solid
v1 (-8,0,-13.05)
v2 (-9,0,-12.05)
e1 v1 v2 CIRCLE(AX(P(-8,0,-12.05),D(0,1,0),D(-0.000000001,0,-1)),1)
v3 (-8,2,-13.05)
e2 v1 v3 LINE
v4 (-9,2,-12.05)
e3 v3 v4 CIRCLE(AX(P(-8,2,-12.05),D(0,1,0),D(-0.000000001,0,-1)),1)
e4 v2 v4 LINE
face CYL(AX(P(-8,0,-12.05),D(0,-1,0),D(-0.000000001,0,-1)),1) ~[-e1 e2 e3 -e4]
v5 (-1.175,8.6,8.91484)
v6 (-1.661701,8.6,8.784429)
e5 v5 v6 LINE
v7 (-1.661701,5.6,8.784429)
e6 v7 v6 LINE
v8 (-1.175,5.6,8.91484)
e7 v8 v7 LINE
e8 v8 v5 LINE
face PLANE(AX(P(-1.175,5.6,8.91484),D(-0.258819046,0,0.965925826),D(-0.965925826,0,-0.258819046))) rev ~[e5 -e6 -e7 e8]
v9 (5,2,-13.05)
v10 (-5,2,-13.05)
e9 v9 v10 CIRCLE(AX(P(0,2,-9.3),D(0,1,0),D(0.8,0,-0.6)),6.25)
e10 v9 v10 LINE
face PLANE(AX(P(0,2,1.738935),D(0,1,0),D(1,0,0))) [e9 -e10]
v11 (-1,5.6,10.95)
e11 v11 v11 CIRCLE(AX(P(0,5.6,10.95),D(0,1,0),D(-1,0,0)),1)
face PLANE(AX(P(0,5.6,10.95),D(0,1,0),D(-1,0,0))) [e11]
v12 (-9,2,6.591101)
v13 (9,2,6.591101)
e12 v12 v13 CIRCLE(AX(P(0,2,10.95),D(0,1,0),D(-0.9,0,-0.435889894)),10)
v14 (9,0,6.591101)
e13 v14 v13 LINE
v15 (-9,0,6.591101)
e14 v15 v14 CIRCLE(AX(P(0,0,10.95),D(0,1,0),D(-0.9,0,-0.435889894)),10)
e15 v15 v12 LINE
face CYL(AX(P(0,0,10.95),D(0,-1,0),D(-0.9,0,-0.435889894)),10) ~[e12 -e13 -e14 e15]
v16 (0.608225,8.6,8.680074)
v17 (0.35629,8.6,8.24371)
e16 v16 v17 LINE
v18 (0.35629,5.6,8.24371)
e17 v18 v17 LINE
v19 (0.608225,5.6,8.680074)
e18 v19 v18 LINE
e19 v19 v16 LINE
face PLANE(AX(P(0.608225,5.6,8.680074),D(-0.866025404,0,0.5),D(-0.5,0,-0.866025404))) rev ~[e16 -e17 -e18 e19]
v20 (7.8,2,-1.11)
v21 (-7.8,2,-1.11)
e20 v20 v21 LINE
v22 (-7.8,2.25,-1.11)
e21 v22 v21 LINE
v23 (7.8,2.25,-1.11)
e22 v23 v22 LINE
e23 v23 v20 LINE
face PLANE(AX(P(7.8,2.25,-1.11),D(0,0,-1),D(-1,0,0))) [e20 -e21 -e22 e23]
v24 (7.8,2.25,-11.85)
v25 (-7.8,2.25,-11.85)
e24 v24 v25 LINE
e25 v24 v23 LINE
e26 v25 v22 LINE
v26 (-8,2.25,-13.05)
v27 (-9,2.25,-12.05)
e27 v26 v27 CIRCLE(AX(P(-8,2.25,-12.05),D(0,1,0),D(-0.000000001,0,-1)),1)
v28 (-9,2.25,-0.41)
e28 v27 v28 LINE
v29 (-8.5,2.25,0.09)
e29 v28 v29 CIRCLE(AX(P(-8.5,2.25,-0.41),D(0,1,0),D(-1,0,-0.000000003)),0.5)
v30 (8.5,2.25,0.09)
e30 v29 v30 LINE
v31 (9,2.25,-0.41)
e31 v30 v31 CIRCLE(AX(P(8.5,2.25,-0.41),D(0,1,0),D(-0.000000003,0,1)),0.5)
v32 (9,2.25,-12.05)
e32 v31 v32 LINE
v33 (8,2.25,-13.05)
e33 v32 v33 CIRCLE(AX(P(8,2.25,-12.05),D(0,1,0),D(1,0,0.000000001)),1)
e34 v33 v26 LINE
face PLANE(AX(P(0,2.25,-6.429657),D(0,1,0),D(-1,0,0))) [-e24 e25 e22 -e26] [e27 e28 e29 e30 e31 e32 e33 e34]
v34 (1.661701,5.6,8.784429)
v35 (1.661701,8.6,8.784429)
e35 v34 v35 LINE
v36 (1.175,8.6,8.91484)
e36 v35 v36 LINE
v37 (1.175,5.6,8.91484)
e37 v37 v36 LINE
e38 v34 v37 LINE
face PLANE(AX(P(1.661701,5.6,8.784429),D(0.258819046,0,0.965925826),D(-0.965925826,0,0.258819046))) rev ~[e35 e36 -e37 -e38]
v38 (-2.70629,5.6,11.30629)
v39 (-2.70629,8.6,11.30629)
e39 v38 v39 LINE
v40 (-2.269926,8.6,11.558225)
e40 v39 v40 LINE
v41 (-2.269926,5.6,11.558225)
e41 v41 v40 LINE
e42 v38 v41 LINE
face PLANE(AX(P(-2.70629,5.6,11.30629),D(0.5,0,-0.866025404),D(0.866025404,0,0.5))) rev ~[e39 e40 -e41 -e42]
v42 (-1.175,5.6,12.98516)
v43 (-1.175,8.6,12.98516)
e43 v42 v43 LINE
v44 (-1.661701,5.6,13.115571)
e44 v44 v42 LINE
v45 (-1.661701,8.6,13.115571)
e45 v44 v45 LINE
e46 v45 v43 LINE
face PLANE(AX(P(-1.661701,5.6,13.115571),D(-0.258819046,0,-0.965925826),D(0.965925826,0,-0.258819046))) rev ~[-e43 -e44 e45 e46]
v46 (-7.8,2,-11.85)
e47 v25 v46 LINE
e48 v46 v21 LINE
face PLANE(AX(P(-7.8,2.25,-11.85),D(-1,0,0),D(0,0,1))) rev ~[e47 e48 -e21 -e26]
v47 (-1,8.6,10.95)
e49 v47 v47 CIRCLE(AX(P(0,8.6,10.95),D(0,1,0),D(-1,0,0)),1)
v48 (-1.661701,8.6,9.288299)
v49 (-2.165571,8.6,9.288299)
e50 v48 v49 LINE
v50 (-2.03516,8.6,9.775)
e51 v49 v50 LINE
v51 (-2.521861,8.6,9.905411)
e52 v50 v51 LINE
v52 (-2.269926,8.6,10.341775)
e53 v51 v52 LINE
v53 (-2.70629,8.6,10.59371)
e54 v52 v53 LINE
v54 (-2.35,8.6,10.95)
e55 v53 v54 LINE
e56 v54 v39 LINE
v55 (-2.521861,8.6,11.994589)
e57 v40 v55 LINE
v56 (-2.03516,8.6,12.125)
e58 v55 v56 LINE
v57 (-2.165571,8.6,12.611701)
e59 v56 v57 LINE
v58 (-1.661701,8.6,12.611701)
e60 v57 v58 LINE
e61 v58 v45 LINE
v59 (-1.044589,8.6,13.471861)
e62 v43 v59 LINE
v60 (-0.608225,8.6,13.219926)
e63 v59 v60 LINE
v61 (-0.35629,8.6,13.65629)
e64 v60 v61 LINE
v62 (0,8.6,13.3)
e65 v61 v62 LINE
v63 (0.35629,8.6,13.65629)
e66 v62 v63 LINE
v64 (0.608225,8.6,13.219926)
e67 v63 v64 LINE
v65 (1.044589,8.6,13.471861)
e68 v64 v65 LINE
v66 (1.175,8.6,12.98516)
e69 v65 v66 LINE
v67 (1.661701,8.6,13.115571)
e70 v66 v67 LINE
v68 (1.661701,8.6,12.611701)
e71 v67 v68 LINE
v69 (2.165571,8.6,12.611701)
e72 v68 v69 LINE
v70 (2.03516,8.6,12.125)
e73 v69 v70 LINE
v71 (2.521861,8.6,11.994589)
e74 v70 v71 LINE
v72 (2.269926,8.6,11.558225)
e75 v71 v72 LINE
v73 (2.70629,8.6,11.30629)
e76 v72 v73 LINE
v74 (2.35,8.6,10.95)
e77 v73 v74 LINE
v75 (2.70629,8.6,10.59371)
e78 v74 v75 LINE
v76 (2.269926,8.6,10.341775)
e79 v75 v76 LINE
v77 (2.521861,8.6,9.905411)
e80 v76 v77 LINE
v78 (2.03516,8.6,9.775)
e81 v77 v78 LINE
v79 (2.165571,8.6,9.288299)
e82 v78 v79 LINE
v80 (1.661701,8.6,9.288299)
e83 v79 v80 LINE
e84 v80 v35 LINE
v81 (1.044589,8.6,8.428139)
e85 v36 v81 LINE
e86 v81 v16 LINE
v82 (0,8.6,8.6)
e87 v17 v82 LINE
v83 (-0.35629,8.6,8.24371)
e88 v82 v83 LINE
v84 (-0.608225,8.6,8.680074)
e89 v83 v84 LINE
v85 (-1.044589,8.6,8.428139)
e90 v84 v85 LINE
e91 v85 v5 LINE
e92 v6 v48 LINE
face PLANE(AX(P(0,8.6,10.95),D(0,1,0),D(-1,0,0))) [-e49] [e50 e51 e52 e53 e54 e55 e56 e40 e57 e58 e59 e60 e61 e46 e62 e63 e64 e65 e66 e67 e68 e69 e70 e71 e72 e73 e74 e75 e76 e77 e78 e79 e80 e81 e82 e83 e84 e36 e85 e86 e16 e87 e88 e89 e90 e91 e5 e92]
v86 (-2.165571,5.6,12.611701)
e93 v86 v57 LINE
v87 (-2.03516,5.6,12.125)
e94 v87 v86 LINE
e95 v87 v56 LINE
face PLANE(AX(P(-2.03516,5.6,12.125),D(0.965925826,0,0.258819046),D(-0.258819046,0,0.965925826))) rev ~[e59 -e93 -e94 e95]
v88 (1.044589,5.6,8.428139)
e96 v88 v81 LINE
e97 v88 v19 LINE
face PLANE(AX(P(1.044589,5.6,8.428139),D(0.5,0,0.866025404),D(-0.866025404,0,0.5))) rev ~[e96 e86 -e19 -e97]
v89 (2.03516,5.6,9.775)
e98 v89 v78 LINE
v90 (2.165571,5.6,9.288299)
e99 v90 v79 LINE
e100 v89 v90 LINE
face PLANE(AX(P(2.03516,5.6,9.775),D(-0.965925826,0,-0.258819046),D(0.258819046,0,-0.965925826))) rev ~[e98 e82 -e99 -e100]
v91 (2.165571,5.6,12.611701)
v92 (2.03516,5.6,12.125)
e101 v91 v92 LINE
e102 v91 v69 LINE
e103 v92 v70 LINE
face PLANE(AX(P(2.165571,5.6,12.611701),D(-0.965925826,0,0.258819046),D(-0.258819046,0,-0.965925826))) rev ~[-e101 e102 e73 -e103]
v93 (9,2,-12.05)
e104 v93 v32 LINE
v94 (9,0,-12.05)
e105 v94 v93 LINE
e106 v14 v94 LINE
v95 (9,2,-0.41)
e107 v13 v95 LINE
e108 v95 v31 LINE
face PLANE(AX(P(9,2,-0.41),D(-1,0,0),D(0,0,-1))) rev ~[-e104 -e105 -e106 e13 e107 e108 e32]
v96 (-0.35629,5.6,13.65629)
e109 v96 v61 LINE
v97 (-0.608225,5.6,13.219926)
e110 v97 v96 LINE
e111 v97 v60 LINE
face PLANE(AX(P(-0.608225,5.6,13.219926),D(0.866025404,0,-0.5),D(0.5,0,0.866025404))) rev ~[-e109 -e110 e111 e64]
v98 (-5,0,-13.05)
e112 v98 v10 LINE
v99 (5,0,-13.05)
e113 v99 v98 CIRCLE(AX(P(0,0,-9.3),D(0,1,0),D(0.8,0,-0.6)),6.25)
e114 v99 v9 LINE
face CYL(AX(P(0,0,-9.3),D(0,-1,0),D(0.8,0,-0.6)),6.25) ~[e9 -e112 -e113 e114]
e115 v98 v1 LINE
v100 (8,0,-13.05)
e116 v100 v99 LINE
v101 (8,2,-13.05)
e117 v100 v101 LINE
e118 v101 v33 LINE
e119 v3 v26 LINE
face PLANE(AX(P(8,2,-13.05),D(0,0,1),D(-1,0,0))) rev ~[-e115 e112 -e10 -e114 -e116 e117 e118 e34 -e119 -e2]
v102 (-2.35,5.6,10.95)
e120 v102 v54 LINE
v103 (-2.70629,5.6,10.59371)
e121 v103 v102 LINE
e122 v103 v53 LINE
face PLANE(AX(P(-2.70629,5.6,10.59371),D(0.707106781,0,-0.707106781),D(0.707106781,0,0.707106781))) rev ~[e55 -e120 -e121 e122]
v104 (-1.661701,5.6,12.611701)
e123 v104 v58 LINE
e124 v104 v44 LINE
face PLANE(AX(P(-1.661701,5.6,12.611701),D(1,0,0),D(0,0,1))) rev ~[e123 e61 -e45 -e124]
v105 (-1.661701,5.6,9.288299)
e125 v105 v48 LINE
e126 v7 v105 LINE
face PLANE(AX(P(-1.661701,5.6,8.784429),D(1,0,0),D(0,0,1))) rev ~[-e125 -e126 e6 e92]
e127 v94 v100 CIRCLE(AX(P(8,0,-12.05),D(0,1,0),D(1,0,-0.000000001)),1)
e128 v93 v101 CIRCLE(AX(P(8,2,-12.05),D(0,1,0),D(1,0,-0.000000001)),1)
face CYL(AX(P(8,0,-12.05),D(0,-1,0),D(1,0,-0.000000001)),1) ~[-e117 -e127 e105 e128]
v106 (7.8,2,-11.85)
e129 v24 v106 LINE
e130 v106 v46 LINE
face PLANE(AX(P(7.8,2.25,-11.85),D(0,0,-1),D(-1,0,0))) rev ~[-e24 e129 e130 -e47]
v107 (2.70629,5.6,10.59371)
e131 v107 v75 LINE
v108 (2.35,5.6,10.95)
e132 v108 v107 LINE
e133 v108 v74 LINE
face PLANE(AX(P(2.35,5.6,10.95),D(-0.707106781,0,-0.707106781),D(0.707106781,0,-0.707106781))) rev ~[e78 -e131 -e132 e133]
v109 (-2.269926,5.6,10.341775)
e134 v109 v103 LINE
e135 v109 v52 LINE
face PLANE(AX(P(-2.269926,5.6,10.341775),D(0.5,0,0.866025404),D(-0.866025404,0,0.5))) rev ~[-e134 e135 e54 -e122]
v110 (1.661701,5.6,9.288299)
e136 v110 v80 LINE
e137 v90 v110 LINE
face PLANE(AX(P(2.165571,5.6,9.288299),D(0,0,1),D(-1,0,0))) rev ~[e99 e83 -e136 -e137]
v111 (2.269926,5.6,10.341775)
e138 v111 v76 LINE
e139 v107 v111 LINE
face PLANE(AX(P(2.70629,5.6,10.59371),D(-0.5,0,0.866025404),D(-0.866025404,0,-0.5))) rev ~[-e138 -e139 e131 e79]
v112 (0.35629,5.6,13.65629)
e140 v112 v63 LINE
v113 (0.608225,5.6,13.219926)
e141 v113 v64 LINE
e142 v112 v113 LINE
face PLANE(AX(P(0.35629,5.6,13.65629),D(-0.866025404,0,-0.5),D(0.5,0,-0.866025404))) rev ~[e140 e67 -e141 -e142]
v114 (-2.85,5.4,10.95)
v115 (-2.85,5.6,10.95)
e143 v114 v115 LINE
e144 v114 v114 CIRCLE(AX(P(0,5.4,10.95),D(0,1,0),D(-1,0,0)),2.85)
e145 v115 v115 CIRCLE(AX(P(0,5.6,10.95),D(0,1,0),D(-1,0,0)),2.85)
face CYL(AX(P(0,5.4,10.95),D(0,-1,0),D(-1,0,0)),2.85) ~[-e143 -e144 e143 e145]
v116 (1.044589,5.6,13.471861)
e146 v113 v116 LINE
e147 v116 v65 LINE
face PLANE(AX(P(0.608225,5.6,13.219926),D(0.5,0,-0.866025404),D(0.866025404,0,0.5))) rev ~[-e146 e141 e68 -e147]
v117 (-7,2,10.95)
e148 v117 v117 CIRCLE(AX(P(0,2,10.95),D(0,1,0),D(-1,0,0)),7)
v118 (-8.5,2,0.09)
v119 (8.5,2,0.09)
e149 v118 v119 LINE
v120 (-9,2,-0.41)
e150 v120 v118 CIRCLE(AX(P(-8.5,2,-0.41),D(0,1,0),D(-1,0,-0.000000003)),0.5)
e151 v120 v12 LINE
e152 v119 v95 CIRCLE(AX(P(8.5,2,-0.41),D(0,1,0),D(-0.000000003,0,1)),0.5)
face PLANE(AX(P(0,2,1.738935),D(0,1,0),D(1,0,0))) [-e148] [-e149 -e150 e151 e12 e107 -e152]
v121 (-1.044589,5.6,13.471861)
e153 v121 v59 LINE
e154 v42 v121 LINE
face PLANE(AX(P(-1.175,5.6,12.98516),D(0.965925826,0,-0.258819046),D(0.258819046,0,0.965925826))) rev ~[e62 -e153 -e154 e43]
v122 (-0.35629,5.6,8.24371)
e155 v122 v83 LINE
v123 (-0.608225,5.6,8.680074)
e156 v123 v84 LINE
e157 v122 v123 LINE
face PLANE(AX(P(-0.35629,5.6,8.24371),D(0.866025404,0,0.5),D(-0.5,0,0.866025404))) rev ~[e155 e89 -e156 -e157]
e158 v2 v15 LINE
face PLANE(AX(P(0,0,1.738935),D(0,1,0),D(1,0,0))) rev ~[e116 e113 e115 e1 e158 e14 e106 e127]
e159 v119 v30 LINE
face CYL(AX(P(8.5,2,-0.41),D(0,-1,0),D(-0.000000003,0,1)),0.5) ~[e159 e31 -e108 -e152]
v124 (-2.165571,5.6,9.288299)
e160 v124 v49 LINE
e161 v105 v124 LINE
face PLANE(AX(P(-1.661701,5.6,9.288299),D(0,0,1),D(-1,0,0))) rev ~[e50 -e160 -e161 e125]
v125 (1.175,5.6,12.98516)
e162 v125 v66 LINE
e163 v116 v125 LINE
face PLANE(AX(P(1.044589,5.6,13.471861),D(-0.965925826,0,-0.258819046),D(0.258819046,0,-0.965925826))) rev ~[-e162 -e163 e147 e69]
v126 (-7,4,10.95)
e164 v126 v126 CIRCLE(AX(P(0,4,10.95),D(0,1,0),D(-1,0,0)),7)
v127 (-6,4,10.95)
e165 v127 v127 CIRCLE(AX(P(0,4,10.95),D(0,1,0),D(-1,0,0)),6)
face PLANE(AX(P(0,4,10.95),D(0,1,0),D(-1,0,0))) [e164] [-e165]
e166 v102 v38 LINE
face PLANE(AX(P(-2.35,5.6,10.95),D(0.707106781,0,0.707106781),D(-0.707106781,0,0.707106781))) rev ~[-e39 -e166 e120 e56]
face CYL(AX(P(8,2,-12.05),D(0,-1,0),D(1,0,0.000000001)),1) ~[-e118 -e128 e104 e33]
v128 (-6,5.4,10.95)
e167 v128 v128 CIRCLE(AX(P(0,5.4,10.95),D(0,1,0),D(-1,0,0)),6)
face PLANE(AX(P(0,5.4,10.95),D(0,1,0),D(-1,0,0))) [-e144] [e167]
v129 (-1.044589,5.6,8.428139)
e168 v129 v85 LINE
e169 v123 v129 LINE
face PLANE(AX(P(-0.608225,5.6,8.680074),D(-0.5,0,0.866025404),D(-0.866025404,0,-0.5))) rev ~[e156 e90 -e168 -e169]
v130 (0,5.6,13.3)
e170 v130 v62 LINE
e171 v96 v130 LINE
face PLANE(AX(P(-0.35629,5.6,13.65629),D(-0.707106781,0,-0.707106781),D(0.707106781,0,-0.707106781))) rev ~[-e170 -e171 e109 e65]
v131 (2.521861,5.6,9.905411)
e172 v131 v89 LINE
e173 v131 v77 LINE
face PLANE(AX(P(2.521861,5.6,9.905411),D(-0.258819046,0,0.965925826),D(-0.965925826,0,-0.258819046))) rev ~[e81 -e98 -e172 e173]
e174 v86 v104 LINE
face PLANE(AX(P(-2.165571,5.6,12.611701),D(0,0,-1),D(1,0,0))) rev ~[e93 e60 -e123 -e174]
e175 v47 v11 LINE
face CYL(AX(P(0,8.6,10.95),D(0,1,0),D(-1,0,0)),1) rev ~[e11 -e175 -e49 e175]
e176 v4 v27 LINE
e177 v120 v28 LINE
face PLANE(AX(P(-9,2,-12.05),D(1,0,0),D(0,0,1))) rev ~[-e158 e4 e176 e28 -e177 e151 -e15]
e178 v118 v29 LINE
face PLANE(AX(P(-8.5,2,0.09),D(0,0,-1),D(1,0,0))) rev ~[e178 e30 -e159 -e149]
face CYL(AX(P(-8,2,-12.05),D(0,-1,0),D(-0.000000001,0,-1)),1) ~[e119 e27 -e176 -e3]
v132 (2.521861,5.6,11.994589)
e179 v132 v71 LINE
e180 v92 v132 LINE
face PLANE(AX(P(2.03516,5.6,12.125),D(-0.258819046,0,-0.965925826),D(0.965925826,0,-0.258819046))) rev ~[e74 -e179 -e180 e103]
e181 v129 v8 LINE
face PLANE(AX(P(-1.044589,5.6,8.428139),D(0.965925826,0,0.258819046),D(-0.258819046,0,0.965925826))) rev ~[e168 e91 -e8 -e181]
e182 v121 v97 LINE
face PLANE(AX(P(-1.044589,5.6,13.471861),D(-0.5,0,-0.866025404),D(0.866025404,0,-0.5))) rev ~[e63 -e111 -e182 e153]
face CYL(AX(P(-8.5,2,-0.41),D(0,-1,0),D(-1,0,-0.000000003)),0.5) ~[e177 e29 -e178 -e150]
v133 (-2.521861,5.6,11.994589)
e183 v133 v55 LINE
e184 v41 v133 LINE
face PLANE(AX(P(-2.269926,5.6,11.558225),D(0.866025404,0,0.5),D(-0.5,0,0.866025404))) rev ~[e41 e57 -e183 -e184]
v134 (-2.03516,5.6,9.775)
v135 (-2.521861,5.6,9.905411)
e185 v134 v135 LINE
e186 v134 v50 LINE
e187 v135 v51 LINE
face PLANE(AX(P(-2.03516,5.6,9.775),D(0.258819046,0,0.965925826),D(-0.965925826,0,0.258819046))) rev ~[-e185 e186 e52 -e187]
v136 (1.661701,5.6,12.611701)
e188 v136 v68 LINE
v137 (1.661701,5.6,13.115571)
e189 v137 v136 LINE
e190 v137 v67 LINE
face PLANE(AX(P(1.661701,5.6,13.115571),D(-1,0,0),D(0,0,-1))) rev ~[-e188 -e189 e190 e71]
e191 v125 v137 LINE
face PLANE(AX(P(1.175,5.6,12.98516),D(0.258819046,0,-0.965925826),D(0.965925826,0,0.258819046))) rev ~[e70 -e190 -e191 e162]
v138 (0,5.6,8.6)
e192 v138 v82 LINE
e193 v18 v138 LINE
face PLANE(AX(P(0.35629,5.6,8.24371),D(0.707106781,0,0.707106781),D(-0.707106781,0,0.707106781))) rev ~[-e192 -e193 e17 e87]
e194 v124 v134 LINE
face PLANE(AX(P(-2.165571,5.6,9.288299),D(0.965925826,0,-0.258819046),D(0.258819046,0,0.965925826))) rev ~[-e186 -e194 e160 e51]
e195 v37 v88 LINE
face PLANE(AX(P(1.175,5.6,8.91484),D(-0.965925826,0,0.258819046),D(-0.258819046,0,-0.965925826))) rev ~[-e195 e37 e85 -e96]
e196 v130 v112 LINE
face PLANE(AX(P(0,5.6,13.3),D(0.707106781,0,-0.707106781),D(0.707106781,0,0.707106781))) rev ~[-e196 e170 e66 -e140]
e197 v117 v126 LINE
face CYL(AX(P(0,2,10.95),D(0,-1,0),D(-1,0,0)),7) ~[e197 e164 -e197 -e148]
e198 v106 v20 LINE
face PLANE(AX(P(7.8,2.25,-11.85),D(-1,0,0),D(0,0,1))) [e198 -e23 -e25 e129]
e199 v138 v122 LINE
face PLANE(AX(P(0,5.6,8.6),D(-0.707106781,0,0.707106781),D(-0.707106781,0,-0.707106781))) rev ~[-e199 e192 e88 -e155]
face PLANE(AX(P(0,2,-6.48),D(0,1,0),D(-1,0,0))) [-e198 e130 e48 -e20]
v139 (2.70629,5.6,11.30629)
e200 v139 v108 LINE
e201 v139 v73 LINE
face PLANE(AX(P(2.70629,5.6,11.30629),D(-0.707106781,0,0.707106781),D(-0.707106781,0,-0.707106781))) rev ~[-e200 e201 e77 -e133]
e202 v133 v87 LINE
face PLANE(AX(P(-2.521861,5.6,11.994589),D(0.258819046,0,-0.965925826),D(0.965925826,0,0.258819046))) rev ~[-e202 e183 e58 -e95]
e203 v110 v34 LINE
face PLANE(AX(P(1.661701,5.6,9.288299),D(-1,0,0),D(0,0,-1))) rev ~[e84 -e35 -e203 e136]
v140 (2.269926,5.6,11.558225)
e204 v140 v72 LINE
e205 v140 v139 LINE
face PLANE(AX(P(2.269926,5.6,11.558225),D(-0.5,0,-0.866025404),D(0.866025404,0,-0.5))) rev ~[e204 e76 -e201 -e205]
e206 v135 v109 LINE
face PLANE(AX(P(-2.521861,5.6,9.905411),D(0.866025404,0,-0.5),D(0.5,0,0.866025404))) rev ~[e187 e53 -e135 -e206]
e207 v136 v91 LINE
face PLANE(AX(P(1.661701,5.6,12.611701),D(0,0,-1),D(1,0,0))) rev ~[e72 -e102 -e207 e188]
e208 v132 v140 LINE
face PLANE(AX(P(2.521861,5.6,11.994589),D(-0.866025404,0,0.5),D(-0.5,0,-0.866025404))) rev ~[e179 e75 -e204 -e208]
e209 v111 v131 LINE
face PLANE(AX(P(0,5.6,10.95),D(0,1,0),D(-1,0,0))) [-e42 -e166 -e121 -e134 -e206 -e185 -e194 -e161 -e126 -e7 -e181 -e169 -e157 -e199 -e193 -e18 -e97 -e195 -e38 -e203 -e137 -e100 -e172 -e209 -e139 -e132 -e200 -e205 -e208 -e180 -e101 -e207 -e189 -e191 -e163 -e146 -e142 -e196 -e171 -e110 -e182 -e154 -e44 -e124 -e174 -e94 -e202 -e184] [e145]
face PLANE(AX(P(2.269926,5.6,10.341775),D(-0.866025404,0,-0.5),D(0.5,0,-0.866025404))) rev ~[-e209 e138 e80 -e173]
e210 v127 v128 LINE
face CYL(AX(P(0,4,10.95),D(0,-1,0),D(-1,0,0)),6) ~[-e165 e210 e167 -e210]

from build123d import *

# Parameters (mm, degrees)
BOSS_EXTRUDE1_DEPTH = 2
BOSS_EXTRUDE2_DEPTH = 0.25
SKETCH3_W           = 15.6
SKETCH3_H           = 10.74
CUT_EXTRUDE1_DEPTH  = 0.25
SKETCH4_R           = 7
BOSS_EXTRUDE3_DEPTH = 2
SKETCH5_R           = 6
BOSS_EXTRUDE4_DEPTH = 1.4
SKETCH6_R           = 2.85
BOSS_EXTRUDE5_DEPTH = 0.2
BOSS_EXTRUDE6_DEPTH = 3
SKETCH10_R          = 1
CUT_EXTRUDE4_DEPTH  = 3


with BuildPart() as part:
    # Sketch1 → Boss-Extrude1 (new body)
    with BuildSketch(Plane(origin=(0, 0, 0), x_dir=(1, 0, 0), z_dir=(0, 1, 0))):
        with BuildLine():
            ThreePointArc((5, 13.05), (0, 15.55), (-5, 13.05))
            Line((-5, 13.05), (-8, 13.05))
            ThreePointArc((-8, 13.05), (-8.70710678, 12.757106782), (-9, 12.050000002))
            Line((-9, 12.050000002), (-9, -6.591101056))
            ThreePointArc((-9, -6.591101056), (0, -20.95), (9, -6.591101056))
            Line((9, -6.591101056), (9, 12.05))
            ThreePointArc((9, 12.05), (8.707106781, 12.757106781), (8, 13.05))
            Line((8, 13.05), (5, 13.05))
        make_face()
    extrude(amount=BOSS_EXTRUDE1_DEPTH)

    # Sketch2 → Boss-Extrude2 (add)
    with BuildSketch(Plane(origin=(0, 2, 0), x_dir=(-1, 0, 0), z_dir=(0, 1, 0))):
        with BuildLine():
            Line((-8.000000002, -13.05), (8, -13.05))
            ThreePointArc((8, -13.05), (8.707106781, -12.757106781), (9, -12.05))
            Line((9, -12.05), (9, -0.41))
            ThreePointArc((9, -0.41), (8.853553391, -0.056446609), (8.5, 0.09))
            Line((8.5, 0.09), (-8.5, 0.09))
            ThreePointArc((-8.5, 0.09), (-8.853553391, -0.056446609), (-9, -0.41))
            Line((-9, -0.41), (-9, -12.05))
            ThreePointArc((-9, -12.05), (-8.707106782, -12.757106781), (-8.000000002, -13.05))
        make_face()
    extrude(amount=BOSS_EXTRUDE2_DEPTH)

    # Sketch3 → Cut-Extrude1 (cut)
    with BuildSketch(Plane(origin=(0, 2.25, 0), x_dir=(-1, 0, 0), z_dir=(0, 1, 0))):
        with Locations((0, -6.48)):
            Rectangle(SKETCH3_W, SKETCH3_H)
    extrude(amount=-CUT_EXTRUDE1_DEPTH, mode=Mode.SUBTRACT)

    # Sketch4 → Boss-Extrude3 (add)
    with BuildSketch(Plane(origin=(0, 2, 0), x_dir=(-1, 0, 0), z_dir=(0, 1, 0))):
        with Locations((0, 10.95)):
            Circle(SKETCH4_R)
    extrude(amount=BOSS_EXTRUDE3_DEPTH)

    # Sketch5 → Boss-Extrude4 (add)
    with BuildSketch(Plane(origin=(0, 4, 0), x_dir=(-1, 0, 0), z_dir=(0, 1, 0))):
        with Locations((0, 10.95)):
            Circle(SKETCH5_R)
    extrude(amount=BOSS_EXTRUDE4_DEPTH)

    # Sketch6 → Boss-Extrude5 (add)
    with BuildSketch(Plane(origin=(0, 5.4, 0), x_dir=(-1, 0, 0), z_dir=(0, 1, 0))):
        with Locations((0, 10.95)):
            Circle(SKETCH6_R)
    extrude(amount=BOSS_EXTRUDE5_DEPTH)

    # Sketch9 → Boss-Extrude6 (add)
    with BuildSketch(Plane(origin=(0, 5.6, 0), x_dir=(-1, 0, 0), z_dir=(0, 1, 0))):
        Polygon((-0.356289813, 8.243710187), (0, 8.6), (0.356289813, 8.243710187), (0.608224756, 8.680074308), (1.044588877, 8.428139365), (1.175, 8.914840301), (1.661700936, 8.784429178), (1.661700936, 9.288299064), (2.165570822, 9.288299064), (2.035159699, 9.775), (2.521860635, 9.905411123), (2.269925692, 10.341775244), (2.706289813, 10.593710187), (2.35, 10.95), (2.706289813, 11.306289813), (2.269925692, 11.558224756), (2.521860635, 11.994588877), (2.035159699, 12.125), (2.165570822, 12.611700936), (1.661700936, 12.611700936), (1.661700936, 13.115570822), (1.175, 12.985159699), (1.044588877, 13.471860635), (0.608224756, 13.219925692), (0.356289813, 13.656289813), (0, 13.3), (-0.356289813, 13.656289813), (-0.608224756, 13.219925692), (-1.044588877, 13.471860635), (-1.175, 12.985159699), (-1.661700936, 13.115570822), (-1.661700936, 12.611700936), (-2.165570822, 12.611700936), (-2.035159699, 12.125), (-2.521860635, 11.994588877), (-2.269925692, 11.558224756), (-2.706289813, 11.306289813), (-2.35, 10.95), (-2.706289813, 10.593710187), (-2.269925692, 10.341775244), (-2.521860635, 9.905411123), (-2.035159699, 9.775), (-2.165570822, 9.288299064), (-1.661700936, 9.288299064), (-1.661700936, 8.784429178), (-1.175, 8.914840301), (-1.044588877, 8.428139365), (-0.608224756, 8.680074308), align=None)
    extrude(amount=BOSS_EXTRUDE6_DEPTH)

    # Sketch10 → Cut-Extrude4 (cut)
    with BuildSketch(Plane(origin=(0, 8.6, 0), x_dir=(-1, 0, 0), z_dir=(0, 1, 0))):
        with Locations((0, 10.95)):
            Circle(SKETCH10_R)
    extrude(amount=-CUT_EXTRUDE4_DEPTH, mode=Mode.SUBTRACT)


solid = part.part
